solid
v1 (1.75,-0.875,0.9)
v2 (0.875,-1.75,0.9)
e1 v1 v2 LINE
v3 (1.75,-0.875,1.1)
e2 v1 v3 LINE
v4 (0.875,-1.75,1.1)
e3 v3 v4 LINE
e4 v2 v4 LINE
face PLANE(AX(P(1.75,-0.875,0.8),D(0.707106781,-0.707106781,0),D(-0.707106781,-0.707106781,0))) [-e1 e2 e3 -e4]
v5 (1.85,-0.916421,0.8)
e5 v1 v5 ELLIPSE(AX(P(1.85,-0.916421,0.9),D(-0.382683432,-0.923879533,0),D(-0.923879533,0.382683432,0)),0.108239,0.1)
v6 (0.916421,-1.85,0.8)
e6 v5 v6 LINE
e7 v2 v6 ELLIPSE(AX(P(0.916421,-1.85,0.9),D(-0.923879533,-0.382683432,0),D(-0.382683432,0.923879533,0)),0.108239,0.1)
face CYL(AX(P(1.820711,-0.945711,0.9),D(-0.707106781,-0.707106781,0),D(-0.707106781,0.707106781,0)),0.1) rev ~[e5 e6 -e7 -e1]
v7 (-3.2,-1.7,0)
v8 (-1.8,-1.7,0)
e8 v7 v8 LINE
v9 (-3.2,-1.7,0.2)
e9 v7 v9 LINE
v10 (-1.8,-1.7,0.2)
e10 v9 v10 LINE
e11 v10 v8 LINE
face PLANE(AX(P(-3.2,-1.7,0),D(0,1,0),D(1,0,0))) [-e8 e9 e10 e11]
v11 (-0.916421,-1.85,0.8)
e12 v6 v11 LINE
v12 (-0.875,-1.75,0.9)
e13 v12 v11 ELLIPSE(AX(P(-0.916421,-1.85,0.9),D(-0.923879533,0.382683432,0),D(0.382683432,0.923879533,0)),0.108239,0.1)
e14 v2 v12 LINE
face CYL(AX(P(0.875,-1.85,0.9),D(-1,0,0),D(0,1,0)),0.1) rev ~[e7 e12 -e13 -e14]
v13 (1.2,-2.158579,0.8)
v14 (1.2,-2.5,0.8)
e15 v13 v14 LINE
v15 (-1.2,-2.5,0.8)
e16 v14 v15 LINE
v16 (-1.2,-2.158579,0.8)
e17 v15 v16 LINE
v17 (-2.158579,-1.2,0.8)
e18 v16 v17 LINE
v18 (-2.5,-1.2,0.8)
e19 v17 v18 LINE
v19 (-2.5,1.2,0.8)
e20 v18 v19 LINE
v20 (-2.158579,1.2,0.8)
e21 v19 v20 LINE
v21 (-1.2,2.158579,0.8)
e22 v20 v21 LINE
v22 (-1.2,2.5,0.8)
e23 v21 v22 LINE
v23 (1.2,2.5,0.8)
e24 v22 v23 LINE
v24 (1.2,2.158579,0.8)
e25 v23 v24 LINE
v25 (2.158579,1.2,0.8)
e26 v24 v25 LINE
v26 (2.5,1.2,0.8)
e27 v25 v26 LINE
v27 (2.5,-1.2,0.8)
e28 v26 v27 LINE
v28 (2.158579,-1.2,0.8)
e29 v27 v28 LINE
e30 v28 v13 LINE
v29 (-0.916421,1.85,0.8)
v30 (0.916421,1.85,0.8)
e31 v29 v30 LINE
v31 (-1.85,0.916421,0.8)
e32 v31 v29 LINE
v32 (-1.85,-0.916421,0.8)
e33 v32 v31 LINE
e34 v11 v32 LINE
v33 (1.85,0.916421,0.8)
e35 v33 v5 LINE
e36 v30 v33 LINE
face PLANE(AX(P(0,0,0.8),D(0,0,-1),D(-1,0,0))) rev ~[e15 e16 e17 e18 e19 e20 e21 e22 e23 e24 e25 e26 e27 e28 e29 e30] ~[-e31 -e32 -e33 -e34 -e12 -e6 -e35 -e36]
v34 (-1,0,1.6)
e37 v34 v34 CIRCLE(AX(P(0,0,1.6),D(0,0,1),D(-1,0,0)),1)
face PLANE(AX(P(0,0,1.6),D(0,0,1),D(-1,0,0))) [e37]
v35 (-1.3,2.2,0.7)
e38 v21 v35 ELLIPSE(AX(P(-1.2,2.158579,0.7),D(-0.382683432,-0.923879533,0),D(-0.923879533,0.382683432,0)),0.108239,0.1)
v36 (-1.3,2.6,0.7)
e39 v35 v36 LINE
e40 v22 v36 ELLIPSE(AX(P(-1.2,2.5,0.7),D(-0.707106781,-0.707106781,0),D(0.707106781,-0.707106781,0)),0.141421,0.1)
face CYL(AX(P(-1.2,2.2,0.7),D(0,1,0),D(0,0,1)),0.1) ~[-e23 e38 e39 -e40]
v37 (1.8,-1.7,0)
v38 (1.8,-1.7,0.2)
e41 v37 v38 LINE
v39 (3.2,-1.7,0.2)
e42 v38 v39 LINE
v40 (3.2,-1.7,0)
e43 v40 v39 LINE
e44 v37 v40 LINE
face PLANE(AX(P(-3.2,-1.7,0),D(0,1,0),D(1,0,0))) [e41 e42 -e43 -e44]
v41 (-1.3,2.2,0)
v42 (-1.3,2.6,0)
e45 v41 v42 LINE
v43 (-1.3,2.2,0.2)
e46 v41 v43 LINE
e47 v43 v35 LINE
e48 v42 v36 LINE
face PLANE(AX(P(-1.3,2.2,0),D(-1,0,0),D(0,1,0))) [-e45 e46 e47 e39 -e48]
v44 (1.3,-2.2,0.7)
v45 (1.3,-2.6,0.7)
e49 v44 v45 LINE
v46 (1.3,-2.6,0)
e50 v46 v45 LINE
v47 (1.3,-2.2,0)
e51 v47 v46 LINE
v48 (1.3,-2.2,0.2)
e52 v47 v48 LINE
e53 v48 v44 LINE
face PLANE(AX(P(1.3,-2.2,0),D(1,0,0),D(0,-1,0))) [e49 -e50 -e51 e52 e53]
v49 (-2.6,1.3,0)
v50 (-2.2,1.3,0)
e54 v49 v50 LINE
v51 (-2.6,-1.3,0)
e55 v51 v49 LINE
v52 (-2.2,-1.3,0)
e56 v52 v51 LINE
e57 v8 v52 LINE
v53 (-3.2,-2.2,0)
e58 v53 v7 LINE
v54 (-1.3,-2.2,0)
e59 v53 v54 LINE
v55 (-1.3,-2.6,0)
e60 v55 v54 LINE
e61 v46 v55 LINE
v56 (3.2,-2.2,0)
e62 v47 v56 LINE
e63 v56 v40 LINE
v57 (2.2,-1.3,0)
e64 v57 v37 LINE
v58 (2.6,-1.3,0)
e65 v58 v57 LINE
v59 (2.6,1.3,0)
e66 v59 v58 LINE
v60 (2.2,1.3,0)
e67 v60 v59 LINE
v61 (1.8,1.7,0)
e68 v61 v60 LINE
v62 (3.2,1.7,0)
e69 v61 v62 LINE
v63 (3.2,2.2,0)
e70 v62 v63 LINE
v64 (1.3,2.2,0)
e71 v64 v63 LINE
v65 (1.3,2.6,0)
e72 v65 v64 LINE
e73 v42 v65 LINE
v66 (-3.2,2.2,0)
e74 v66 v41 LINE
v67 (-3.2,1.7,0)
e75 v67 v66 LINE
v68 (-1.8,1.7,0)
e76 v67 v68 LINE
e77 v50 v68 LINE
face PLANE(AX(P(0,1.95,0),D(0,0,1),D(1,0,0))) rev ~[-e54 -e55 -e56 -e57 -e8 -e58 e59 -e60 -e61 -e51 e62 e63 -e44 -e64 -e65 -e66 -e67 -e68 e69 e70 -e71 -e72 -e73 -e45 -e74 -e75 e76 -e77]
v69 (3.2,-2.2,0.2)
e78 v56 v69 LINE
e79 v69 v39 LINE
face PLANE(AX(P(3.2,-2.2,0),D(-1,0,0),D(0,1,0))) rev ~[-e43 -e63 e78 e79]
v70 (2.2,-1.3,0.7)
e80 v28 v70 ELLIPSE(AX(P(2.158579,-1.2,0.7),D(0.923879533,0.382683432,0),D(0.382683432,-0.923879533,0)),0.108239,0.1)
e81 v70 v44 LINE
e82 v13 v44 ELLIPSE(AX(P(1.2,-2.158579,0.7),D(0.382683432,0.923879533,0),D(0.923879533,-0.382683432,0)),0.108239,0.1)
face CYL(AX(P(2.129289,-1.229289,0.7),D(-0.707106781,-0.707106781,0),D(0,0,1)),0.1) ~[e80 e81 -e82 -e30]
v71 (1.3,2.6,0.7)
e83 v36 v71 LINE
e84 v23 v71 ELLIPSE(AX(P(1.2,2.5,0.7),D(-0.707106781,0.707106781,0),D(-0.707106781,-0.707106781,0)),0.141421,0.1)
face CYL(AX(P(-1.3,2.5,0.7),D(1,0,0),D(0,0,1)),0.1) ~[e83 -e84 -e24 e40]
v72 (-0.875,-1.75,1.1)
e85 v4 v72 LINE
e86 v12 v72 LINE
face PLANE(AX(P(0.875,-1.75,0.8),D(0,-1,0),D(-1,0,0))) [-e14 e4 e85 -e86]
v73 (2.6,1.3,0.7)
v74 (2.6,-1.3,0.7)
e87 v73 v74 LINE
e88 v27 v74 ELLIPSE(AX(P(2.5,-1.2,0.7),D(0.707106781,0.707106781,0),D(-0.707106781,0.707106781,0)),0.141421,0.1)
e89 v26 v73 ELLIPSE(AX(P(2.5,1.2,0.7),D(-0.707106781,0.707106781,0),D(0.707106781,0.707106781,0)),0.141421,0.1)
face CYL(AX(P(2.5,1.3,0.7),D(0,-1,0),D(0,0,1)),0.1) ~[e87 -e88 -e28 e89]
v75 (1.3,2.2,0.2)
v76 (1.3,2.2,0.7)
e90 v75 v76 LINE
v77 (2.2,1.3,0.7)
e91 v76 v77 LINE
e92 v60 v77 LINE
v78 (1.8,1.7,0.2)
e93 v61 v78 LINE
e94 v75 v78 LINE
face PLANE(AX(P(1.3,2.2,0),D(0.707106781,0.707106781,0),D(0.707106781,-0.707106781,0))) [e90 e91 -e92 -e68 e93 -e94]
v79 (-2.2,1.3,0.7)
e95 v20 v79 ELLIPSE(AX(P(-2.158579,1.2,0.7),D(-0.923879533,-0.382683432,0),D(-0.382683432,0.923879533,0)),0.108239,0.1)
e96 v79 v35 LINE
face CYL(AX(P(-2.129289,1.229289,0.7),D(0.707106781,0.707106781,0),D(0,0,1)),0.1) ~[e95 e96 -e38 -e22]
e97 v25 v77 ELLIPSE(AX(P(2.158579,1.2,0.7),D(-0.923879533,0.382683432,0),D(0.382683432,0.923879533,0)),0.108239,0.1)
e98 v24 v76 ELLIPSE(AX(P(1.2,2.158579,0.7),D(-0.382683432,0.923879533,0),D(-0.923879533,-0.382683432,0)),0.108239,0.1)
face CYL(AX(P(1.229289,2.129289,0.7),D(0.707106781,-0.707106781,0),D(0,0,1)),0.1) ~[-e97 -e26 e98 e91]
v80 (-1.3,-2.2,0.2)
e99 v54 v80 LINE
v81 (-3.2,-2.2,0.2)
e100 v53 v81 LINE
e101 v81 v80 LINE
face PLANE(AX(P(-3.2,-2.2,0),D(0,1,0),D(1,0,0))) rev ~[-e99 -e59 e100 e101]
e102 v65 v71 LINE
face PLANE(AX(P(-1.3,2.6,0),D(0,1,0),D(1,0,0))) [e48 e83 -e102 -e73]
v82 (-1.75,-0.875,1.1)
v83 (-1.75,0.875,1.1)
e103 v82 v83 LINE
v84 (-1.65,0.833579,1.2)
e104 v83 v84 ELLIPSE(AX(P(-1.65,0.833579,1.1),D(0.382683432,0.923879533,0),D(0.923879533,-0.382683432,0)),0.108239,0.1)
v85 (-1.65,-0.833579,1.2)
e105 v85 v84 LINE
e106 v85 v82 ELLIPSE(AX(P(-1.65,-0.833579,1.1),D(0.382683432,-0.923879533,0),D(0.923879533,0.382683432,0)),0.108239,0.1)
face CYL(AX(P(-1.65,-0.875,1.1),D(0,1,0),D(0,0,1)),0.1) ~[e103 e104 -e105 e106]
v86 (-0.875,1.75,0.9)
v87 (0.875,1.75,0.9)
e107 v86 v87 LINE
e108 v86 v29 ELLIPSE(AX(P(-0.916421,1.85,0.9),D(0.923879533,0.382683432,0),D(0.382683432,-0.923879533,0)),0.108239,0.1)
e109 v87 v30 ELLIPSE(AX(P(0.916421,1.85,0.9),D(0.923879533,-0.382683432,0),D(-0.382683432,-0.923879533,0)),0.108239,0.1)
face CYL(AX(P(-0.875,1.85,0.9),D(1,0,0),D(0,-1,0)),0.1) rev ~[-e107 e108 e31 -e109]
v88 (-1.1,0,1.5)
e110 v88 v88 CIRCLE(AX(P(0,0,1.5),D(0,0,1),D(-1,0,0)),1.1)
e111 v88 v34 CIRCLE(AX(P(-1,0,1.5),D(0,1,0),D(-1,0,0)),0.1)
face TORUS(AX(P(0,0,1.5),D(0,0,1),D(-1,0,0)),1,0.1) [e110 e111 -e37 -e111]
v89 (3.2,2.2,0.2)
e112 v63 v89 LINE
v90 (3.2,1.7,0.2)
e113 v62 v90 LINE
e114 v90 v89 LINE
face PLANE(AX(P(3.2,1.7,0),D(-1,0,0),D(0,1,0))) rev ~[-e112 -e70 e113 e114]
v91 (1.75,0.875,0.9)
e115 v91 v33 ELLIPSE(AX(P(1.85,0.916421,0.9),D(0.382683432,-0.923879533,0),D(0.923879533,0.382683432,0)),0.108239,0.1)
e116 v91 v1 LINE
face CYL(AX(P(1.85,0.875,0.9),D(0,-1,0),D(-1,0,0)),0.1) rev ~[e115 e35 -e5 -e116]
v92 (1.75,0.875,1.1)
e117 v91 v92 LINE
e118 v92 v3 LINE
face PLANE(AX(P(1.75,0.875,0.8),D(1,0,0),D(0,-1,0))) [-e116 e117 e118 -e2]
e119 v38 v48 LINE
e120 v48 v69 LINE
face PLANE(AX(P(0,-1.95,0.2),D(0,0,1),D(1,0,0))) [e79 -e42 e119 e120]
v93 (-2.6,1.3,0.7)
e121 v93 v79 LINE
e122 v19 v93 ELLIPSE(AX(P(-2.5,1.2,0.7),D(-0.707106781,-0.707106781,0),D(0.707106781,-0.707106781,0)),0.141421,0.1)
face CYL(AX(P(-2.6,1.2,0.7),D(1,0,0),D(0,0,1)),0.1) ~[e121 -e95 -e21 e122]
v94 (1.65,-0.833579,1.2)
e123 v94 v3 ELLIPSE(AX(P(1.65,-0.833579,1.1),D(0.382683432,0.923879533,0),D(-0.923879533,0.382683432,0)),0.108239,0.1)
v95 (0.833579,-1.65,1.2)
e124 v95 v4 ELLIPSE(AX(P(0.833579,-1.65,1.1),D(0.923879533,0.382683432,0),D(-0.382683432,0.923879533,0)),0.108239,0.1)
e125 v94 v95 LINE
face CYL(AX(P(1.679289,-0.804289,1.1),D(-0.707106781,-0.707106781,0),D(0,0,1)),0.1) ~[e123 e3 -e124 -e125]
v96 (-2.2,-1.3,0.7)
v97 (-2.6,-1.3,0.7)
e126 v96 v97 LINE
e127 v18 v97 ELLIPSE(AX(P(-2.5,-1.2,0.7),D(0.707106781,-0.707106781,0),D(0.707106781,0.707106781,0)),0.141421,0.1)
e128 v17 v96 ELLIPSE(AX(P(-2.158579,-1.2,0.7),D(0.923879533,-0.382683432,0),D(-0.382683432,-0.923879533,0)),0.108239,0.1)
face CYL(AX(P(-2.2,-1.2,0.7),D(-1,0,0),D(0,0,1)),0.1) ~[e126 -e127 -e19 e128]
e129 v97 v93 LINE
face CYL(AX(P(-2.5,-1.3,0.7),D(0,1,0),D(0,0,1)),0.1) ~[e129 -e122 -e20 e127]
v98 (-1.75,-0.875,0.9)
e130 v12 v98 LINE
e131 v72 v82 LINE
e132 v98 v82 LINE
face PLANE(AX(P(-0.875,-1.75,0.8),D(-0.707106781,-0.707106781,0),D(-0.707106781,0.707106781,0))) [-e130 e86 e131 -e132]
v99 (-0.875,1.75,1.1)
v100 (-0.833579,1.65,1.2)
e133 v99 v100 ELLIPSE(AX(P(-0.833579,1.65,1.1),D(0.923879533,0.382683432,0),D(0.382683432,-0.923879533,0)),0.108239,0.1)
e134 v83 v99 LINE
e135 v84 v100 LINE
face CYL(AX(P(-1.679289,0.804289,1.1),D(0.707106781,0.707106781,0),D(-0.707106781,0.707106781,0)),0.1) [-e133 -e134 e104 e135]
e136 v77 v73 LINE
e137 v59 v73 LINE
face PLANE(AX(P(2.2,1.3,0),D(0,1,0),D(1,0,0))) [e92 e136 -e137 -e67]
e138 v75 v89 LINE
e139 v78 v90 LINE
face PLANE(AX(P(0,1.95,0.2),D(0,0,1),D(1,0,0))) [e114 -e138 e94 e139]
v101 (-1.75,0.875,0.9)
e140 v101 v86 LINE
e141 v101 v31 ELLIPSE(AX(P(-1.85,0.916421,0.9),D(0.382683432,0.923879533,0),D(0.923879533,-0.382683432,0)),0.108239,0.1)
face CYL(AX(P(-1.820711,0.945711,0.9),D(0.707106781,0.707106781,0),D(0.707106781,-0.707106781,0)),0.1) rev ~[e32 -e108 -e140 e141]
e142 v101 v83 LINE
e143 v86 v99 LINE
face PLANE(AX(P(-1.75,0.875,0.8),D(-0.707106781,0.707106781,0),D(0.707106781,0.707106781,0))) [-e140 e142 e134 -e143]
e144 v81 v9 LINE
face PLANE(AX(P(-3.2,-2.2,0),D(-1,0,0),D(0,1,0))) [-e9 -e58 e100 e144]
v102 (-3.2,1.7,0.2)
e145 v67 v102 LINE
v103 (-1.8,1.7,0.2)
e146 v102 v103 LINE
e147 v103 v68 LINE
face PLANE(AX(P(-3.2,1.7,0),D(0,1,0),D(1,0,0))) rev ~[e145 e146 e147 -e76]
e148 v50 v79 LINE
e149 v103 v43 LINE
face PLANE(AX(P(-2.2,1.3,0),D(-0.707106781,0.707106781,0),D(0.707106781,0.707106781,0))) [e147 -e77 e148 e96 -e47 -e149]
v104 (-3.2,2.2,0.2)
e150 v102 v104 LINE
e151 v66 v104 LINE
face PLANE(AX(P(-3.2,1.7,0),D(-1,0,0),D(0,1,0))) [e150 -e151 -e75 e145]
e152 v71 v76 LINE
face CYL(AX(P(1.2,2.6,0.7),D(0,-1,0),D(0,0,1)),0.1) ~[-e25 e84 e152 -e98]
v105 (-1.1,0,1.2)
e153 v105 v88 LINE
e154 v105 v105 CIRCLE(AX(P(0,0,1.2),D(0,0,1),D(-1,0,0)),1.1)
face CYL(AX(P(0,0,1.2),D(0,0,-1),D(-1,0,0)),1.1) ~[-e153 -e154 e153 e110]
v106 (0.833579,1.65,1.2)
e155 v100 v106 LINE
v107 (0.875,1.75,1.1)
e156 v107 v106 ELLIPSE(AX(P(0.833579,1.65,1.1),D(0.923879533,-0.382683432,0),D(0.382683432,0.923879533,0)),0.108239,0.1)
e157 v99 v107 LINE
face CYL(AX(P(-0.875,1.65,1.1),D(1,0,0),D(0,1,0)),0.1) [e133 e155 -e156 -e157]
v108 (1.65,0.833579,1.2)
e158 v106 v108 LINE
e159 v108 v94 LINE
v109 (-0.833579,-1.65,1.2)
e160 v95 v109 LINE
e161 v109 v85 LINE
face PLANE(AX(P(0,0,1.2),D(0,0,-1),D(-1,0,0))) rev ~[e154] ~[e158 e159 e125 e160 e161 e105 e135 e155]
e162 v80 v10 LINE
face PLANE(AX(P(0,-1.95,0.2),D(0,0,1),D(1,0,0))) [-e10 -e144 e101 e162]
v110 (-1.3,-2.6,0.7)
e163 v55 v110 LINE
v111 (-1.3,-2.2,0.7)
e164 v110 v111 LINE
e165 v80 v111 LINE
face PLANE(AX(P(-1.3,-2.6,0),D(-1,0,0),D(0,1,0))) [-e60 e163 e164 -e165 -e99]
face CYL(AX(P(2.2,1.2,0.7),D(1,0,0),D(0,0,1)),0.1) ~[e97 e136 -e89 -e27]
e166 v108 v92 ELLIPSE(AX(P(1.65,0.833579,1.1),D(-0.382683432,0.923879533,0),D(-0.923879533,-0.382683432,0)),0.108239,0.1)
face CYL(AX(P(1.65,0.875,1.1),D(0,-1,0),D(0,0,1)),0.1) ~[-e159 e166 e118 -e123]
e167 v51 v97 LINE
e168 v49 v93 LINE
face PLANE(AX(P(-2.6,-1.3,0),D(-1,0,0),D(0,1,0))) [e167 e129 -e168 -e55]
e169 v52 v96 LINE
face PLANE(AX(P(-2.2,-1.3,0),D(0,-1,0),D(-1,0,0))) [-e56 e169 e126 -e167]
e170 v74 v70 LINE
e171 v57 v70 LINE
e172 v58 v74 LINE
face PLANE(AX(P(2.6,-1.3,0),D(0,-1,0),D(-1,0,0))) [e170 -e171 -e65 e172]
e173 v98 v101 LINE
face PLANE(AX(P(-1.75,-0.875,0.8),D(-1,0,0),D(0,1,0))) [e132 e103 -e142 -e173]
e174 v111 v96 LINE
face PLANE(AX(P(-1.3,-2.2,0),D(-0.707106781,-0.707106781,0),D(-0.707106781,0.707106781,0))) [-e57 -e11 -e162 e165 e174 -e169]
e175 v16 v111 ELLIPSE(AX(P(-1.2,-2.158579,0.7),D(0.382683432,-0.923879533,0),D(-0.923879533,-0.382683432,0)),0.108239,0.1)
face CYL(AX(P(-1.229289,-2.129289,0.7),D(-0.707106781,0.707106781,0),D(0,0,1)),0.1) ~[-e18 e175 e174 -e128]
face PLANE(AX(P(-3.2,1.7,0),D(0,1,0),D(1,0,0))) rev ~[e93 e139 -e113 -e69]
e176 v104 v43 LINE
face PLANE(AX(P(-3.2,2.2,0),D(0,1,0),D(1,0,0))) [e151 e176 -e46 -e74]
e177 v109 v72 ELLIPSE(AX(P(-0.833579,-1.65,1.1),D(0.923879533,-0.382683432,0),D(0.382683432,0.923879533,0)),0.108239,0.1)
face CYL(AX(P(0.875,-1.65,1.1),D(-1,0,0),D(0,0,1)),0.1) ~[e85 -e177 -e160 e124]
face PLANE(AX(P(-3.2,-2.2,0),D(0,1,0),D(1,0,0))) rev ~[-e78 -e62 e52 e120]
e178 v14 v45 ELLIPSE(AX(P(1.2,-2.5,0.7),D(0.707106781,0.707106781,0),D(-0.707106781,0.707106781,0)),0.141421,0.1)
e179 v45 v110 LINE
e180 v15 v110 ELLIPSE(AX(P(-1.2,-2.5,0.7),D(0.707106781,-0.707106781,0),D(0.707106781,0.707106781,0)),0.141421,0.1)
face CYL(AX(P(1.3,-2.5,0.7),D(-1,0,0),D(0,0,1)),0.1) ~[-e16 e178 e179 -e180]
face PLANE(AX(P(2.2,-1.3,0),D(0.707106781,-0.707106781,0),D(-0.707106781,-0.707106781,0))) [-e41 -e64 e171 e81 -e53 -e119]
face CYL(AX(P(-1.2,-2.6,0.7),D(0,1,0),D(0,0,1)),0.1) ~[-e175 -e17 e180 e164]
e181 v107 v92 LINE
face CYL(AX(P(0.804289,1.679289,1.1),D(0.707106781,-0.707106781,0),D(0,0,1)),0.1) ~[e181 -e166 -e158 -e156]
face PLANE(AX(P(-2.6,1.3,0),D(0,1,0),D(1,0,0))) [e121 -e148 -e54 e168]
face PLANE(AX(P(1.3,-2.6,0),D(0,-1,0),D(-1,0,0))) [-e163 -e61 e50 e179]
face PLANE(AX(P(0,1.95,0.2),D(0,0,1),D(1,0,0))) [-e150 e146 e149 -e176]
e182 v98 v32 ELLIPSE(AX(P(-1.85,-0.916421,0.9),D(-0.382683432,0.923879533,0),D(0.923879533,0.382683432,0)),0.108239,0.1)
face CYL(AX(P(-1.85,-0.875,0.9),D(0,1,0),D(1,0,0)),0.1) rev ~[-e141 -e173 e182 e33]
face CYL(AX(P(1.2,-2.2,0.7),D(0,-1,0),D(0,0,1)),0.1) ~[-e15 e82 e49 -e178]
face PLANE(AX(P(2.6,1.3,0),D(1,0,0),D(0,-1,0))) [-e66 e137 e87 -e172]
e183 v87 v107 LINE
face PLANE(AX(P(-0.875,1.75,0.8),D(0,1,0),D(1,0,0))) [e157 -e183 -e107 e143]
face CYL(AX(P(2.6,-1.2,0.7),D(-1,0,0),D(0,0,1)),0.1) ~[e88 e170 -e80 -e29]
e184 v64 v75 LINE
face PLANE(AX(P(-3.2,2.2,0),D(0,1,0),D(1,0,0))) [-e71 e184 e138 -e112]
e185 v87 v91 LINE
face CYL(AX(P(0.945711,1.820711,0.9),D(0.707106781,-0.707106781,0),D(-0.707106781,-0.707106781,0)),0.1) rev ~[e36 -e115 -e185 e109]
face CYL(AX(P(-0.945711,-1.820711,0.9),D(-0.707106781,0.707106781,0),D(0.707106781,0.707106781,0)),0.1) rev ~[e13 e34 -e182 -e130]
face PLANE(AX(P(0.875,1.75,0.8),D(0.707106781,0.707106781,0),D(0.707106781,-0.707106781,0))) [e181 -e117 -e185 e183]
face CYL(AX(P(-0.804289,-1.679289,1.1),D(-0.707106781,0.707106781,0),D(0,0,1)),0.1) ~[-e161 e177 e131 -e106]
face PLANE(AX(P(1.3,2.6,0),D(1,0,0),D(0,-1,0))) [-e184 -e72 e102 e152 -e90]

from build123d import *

# Parameters (mm, degrees)
BOSS_EXTRUDE1_DEPTH = 0.8
SKETCH3_W           = 6.4
SKETCH3_H           = 0.5
BOSS_EXTRUDE2_DEPTH = 0.2
BOSS_EXTRUDE3_DEPTH = 0.4
SKETCH5_R           = 1.1
BOSS_EXTRUDE4_DEPTH = 0.4
FILLET2_R           = 0.1
FILLET3_R           = 0.1
FILLET4_R           = 0.1


with BuildPart() as part:
    # Sketch1 → Boss-Extrude1 (new body)
    with BuildSketch(Plane.XY):
        Polygon((-1.3, 2.6), (1.3, 2.6), (1.3, 2.2), (2.2, 1.3), (2.6, 1.3), (2.6, -1.3), (2.2, -1.3), (1.3, -2.2), (1.3, -2.6), (-1.3, -2.6), (-1.3, -2.2), (-2.2, -1.3), (-2.6, -1.3), (-2.6, 1.3), (-2.2, 1.3), (-1.3, 2.2), align=None)
    extrude(amount=BOSS_EXTRUDE1_DEPTH)

    # Sketch3 → Boss-Extrude2 (add)
    with BuildSketch(Plane.XY):
        with Locations((0, 1.95)):
            Rectangle(SKETCH3_W, SKETCH3_H)
        with Locations((0, -1.95)):
            Rectangle(SKETCH3_W, SKETCH3_H)
    extrude(amount=BOSS_EXTRUDE2_DEPTH)

    # Sketch4 → Boss-Extrude3 (add)
    with BuildSketch(Plane.XY.offset(0.8)):
        Polygon((-0.875, 1.75), (0.875, 1.75), (1.75, 0.875), (1.75, -0.875), (0.875, -1.75), (-0.875, -1.75), (-1.75, -0.875), (-1.75, 0.875), align=None)
    extrude(amount=BOSS_EXTRUDE3_DEPTH)

    # Sketch5 → Boss-Extrude4 (add)
    with BuildSketch(Plane.XY.offset(1.2)):
        with Locations(Location((0, 0, 0), (0, 0, 180))):
            Circle(SKETCH5_R)
    extrude(amount=BOSS_EXTRUDE4_DEPTH)

    # Fillet2
    fillet2_edges = [part.edges().sort_by_distance(p)[0] for p in [
        (1.1, 0, 1.6),
    ]]
    fillet(fillet2_edges, radius=FILLET2_R)

    # Fillet3
    fillet3_edges = [part.edges().sort_by_distance(p)[0] for p in [
        (1.3, 2.4, 0.8),
        (0, 2.6, 0.8),
        (-1.3, 2.4, 0.8),
        (-1.75, 1.75, 0.8),
        (-2.4, 1.3, 0.8),
        (-2.6, 0, 0.8),
        (-2.4, -1.3, 0.8),
        (-1.75, -1.75, 0.8),
        (-1.3, -2.4, 0.8),
        (0, -2.6, 0.8),
        (2.4, 1.3, 0.8),
        (1.3, -2.4, 0.8),
        (1.75, -1.75, 0.8),
        (2.4, -1.3, 0.8),
        (2.6, 0, 0.8),
        (1.75, 1.75, 0.8),
        (1.3125, 1.3125, 0.8),
        (0, 1.75, 0.8),
        (-1.3125, 1.3125, 0.8),
        (-1.75, 0, 0.8),
        (-1.3125, -1.3125, 0.8),
        (0, -1.75, 0.8),
        (1.3125, -1.3125, 0.8),
        (1.75, 0, 0.8),
    ]]
    fillet(fillet3_edges, radius=FILLET3_R)

    # Fillet4
    fillet4_edges = [part.edges().sort_by_distance(p)[0] for p in [
        (0, 1.75, 1.2),
        (-1.3125, 1.3125, 1.2),
        (-1.75, 0, 1.2),
        (-1.3125, -1.3125, 1.2),
        (0, -1.75, 1.2),
        (1.3125, -1.3125, 1.2),
        (1.75, 0, 1.2),
        (1.3125, 1.3125, 1.2),
    ]]
    fillet(fillet4_edges, radius=FILLET4_R)


solid = part.part
